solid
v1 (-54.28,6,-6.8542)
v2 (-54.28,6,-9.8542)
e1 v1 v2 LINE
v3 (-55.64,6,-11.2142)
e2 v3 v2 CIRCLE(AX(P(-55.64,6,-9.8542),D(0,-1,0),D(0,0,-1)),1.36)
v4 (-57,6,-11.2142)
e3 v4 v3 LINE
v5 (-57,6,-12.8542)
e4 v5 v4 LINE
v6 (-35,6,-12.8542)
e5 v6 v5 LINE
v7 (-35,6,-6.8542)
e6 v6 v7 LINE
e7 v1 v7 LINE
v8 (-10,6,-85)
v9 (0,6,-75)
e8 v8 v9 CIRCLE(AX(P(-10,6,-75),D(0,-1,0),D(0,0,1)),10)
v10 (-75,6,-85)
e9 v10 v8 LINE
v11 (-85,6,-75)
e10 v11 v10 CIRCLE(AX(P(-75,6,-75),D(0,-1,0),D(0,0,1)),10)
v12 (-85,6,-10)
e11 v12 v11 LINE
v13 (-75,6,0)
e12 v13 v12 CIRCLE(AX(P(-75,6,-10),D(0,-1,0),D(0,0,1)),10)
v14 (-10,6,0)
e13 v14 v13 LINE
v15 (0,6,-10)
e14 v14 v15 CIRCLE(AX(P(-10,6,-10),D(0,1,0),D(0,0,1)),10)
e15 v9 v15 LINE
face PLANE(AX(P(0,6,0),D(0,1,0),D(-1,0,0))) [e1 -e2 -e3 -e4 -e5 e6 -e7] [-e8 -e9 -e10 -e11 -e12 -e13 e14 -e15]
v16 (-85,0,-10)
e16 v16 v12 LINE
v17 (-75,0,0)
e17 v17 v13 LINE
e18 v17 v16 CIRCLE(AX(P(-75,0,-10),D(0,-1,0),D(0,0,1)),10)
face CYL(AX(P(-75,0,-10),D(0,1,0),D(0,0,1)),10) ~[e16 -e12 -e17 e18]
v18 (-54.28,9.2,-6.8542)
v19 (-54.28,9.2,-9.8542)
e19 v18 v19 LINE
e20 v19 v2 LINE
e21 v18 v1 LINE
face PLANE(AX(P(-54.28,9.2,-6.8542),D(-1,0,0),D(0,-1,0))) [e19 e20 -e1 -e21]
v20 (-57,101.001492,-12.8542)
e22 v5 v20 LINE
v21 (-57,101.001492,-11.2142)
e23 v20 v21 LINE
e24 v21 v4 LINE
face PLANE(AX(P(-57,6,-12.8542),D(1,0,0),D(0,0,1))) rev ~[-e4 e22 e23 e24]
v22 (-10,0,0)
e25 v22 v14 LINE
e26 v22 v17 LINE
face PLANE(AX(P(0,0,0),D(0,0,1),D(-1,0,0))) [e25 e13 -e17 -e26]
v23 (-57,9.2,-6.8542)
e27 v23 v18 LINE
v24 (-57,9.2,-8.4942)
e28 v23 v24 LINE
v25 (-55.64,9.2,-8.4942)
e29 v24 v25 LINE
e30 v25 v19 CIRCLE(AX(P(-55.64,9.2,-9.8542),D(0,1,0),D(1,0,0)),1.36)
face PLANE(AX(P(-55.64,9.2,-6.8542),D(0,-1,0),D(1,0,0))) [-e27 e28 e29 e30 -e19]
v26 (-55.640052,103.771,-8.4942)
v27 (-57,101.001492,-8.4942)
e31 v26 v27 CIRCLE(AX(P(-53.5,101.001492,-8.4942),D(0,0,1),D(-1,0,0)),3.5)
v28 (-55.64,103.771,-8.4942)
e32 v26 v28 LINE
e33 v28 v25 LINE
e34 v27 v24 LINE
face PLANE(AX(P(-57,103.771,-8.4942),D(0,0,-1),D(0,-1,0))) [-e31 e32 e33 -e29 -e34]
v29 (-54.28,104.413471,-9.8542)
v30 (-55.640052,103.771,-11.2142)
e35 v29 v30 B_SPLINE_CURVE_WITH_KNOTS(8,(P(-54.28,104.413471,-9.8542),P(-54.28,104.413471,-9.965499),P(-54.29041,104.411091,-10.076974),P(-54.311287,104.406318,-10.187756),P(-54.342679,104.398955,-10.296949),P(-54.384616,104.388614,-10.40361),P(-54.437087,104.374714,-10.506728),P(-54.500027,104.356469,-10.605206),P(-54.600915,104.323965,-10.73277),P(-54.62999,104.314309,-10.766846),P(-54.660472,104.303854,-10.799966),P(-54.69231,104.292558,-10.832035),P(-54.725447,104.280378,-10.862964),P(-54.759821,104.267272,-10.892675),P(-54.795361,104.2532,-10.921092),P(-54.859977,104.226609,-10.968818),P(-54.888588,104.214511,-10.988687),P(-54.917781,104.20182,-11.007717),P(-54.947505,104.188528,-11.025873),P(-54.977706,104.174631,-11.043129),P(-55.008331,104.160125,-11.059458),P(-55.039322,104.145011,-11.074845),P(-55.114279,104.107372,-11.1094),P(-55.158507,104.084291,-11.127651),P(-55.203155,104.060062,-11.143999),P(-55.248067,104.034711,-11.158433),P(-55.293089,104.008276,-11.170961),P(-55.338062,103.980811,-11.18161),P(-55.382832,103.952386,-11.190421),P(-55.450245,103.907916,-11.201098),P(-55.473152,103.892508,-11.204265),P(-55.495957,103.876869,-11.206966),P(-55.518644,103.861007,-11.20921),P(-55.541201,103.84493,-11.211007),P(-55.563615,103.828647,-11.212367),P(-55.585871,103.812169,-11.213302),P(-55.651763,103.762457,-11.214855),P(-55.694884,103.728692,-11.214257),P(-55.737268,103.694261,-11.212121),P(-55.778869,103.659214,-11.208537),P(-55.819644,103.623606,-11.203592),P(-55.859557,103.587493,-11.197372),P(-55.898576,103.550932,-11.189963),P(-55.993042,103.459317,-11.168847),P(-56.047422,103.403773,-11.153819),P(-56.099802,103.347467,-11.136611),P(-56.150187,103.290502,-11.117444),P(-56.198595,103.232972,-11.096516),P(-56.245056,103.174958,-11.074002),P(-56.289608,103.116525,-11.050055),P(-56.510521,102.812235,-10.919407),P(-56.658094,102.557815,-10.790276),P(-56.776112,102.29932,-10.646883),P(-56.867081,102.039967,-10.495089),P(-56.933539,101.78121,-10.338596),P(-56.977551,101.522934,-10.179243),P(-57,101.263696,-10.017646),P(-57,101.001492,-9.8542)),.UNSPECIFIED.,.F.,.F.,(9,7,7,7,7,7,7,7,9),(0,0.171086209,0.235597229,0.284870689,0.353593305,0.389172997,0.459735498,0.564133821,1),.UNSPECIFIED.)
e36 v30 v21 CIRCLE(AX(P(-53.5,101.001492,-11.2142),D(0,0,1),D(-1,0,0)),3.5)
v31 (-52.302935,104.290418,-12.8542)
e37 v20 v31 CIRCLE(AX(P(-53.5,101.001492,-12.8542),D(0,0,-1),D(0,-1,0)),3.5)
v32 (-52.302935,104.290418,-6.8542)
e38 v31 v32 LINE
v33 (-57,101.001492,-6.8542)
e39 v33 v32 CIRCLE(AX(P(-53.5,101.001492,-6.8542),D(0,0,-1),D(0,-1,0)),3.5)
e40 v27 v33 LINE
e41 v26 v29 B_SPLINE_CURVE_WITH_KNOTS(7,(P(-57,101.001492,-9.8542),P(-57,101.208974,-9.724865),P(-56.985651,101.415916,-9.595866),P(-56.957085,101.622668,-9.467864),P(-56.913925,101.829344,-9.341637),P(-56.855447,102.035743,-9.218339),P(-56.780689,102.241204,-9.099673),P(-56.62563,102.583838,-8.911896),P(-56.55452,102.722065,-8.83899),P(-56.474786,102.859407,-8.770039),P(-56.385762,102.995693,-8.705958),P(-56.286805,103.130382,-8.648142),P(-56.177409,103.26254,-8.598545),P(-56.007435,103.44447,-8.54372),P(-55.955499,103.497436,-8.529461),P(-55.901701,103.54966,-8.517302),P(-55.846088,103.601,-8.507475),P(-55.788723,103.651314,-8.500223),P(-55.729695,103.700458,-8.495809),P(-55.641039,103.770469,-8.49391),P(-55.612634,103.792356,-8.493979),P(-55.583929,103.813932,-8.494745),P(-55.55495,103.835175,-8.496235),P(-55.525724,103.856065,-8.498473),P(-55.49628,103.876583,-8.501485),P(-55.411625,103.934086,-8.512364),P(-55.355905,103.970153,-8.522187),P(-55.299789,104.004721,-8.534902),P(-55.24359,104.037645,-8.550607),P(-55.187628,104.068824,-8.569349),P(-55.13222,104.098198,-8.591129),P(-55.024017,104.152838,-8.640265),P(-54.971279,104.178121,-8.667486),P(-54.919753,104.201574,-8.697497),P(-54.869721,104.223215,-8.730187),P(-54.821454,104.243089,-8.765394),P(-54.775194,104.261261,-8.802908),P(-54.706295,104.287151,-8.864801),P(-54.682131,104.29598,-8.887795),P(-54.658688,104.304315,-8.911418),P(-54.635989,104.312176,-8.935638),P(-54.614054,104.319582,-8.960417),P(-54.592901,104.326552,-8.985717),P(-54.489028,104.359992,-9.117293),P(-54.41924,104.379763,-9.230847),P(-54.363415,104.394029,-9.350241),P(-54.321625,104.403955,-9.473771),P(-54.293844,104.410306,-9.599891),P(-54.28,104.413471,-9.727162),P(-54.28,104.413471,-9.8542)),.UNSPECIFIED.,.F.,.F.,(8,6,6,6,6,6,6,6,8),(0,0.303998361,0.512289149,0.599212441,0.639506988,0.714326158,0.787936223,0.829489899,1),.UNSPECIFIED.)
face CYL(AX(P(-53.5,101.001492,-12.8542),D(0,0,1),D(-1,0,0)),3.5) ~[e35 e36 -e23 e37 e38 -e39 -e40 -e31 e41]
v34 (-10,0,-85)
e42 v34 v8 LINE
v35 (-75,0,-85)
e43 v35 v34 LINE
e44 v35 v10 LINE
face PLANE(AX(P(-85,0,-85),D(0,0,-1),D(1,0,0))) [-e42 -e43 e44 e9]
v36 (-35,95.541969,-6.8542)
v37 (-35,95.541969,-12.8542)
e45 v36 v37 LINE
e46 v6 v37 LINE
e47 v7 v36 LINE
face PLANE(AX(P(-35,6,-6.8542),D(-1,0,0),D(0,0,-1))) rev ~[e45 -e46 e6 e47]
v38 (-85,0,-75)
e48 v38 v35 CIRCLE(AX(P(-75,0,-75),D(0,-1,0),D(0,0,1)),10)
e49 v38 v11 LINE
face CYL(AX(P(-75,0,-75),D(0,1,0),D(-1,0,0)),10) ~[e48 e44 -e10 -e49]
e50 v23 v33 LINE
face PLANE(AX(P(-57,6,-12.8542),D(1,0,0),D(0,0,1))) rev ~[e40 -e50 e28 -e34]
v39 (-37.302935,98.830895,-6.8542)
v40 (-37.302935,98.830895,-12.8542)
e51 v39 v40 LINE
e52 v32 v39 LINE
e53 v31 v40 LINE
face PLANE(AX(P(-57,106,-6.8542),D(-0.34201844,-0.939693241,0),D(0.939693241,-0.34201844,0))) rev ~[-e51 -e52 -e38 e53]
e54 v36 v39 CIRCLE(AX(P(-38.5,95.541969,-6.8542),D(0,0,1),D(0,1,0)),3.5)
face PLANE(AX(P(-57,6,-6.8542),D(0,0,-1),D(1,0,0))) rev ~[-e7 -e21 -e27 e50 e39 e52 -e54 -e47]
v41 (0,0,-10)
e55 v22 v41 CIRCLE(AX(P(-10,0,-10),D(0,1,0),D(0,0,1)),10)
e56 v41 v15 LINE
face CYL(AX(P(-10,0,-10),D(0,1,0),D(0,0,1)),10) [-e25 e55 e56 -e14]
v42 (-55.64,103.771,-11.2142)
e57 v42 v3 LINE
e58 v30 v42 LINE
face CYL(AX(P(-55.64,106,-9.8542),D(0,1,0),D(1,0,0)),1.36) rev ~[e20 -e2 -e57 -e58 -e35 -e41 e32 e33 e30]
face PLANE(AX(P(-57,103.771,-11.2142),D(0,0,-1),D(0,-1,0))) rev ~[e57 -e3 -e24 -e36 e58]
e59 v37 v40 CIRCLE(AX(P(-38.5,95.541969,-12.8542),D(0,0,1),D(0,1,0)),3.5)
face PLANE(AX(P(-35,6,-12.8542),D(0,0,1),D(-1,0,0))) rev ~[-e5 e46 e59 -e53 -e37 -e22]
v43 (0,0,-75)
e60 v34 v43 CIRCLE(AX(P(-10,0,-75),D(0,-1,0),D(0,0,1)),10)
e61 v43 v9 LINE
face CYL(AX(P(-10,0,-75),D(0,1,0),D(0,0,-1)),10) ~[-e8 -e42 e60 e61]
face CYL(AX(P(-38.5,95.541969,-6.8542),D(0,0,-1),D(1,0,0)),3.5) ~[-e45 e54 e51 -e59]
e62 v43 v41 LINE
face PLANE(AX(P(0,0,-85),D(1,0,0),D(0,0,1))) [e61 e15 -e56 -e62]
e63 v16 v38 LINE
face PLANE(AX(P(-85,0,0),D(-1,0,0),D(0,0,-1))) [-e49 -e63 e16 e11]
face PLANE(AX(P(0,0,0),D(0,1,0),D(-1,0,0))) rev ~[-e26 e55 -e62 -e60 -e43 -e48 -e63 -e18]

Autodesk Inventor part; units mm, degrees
ref_plane "YZ Plane" through (0, 0, 0) normal (1, 0, 0) x (0, 1, 0)
ref_plane "XZ Plane" through (0, 0, 0) normal (0, 1, 0) x (-1, 0, 0)
ref_plane "XY Plane" through (0, 0, 0) normal (0, 0, 1) x (1, 0, 0)
sketch "Sketch1" plane through (0, 0, 0) normal (0, 1, 0) x (-1, 0, 0)
  line L0 (0, 0) -> (85, 0)
  line L1 (85, 0) -> (85, -85)
  line L2 (85, -85) -> (0, -85)
  line L3 (0, -85) -> (0, 0)
  dimension "d0" = 85
  dimension "d1" = 85
extrude "Extrusion1" add sketch "Sketch1" along normal blind 6
fillet "Fillet1" radius 10 4 edges at (-85, 3, 0) (0, 3, 0) (0, 3, -85) (-85, 3, -85)
sketch "Sketch2" plane through (0, 6, 0) normal (0, 1, 0) x (1, 0, 0)
  line L0 (-75, 0) -> (-10, 0) projected
  line L1 (-57, 6.8542) -> (-35, 6.8542)
  line L2 (-35, 6.8542) -> (-35, 11.8542)
  line L3 (-35, 11.8542) -> (-35, 12.8542)
  line L4 (-35, 12.8542) -> (-57, 12.8542)
  line L5 (-57, 12.8542) -> (-57, 6.8542)
  point P0 (0, 0)
extrude "Extrusion2" add sketch "Sketch2" along normal blind 100
sketch "Sketch3" plane through (-57, 6, -6.8542) normal (0, 0, 1) x (1, 0, 0)
  line L0 (22, 100) -> (0, 100) projected
  line L1 (0, 100) -> (22, 100)
  line L2 (22, 100) -> (22, 92.8)
  line L3 (22, 0) -> (22, 100) projected
  line L4 (0, 0) -> (0, 100) projected
  line L5 (0, 100) -> (22, 91.9927)
  line L6 (0, 100) -> (23.4119, 100) construction
  line L7 (22, 91.9927) -> (22, 100)
  point P0 (57, -6)
  dimension "d12" = 7.2
  dimension "d13" = 20
extrude "Extrusion3" cut sketch "Sketch3" against normal blind 10
fillet "Fillet2" radius 3.5 2 edges at (-57, 106, -9.8542) (-35, 97.9927, -9.8542)
sketch "Sketch4" plane through (0, 6, 0) normal (0, 1, 0) x (1, 0, 0)
  point P0 (0, 0)
sketch "Sketch5" plane through (0, 6, 0) normal (0, 1, 0) x (1, 0, 0)
  line L0 (-57, 6.8542) -> (-57, 12.8542) projected
  line L1 (-57, 9.8542) -> (-55.64, 9.8542)
  circle A0 centre (-55.64, 9.8542) radius 1.36
  point P0 (0, 0)
  dimension "d19" = 2.72
extrude "Extrusion4" add sketch "Sketch5" along normal blind 100
sketch "Sketch6" plane through (-55.64, 106, -9.8542) normal (0, 1, 0) x (1, 0, 0)
  circle A0 centre (0, 0) radius 1.36
  point P0 (55.64, -9.8542)
extrude "Extrusion5" cut sketch "Sketch6" against normal blind 100
sketch "Sketch7" plane through (-57, 6, -6.8542) normal (-1, 0, 0) x (0, 0, 1)
  line L0 (-4.36, 97.771) -> (-4.36, 0) projected
  line L1 (-4.36, 97.771) -> (-1.64, 97.771)
  line L2 (-1.64, 97.771) -> (-1.64, 0) projected
  line L3 (-4.36, 97.771) -> (-4.36, 0)
  line L4 (-4.36, 0) -> (-1.64, 0)
  line L5 (-3.1458, 0) -> (6.8542, 0) projected
  line L6 (-1.64, 0) -> (-1.64, 97.771)
  line L7 (0, 98.5015) -> (0, 95.0015) projected
  point P0 (6.8542, -6)
  point P1 (0, 98.2904)
extrude "Extrusion6" cut sketch "Sketch7" against normal blind 1.36
sketch "Sketch8" plane through (-57, 6, -6.8542) normal (0, 0, 1) x (1, 0, 0)
  point P0 (57, -6)
sketch "Sketch9" plane through (-57, 6, -6.8542) normal (0, 0, 1) x (1, 0, 0)
  line L0 (0, 0) -> (0, 95.0015) projected
  line L1 (1.36, 0) -> (1.36, 97.771) projected
  line L2 (0, 0) -> (1.36, 0)
  line L3 (1.36, 0) -> (1.36, 3.2)
  line L4 (1.36, 3.2) -> (0, 3.2)
  line L5 (0, 3.2) -> (0, 0)
  line L6 (1.36, 0) -> (0, 0)
  line L7 (47, 0) -> (-18, 0) projected
  point P0 (57, -6)
  dimension "d26" = 3.2
extrude "Extrusion7" cut sketch "Sketch9" against normal blind 2
sketch "Sketch10" plane through (-35, 6, -6.8542) normal (0, 0, 1) x (1, 0, 0)
  line L0 (-20.64, 3.2) -> (-22, 3.2) projected
  line L1 (-20.64, 3.2) -> (-19.28, 3.2)
  line L2 (-19.28, 3.2) -> (-19.28, 0)
  line L3 (-19.28, 98.4135) -> (-19.28, 0) projected
  line L4 (25, 0) -> (-40, 0) projected
  line L5 (-20.64, 0) -> (-19.28, 0)
  line L6 (-20.64, 0) -> (-20.64, 97.771) projected
  line L7 (-20.64, 0) -> (-20.64, 3.2)
  point P0 (35, -6)
  dimension "d29" = 1.36
extrude "Extrusion8" cut sketch "Sketch10" against normal blind 3
properties part number "NewBase"
